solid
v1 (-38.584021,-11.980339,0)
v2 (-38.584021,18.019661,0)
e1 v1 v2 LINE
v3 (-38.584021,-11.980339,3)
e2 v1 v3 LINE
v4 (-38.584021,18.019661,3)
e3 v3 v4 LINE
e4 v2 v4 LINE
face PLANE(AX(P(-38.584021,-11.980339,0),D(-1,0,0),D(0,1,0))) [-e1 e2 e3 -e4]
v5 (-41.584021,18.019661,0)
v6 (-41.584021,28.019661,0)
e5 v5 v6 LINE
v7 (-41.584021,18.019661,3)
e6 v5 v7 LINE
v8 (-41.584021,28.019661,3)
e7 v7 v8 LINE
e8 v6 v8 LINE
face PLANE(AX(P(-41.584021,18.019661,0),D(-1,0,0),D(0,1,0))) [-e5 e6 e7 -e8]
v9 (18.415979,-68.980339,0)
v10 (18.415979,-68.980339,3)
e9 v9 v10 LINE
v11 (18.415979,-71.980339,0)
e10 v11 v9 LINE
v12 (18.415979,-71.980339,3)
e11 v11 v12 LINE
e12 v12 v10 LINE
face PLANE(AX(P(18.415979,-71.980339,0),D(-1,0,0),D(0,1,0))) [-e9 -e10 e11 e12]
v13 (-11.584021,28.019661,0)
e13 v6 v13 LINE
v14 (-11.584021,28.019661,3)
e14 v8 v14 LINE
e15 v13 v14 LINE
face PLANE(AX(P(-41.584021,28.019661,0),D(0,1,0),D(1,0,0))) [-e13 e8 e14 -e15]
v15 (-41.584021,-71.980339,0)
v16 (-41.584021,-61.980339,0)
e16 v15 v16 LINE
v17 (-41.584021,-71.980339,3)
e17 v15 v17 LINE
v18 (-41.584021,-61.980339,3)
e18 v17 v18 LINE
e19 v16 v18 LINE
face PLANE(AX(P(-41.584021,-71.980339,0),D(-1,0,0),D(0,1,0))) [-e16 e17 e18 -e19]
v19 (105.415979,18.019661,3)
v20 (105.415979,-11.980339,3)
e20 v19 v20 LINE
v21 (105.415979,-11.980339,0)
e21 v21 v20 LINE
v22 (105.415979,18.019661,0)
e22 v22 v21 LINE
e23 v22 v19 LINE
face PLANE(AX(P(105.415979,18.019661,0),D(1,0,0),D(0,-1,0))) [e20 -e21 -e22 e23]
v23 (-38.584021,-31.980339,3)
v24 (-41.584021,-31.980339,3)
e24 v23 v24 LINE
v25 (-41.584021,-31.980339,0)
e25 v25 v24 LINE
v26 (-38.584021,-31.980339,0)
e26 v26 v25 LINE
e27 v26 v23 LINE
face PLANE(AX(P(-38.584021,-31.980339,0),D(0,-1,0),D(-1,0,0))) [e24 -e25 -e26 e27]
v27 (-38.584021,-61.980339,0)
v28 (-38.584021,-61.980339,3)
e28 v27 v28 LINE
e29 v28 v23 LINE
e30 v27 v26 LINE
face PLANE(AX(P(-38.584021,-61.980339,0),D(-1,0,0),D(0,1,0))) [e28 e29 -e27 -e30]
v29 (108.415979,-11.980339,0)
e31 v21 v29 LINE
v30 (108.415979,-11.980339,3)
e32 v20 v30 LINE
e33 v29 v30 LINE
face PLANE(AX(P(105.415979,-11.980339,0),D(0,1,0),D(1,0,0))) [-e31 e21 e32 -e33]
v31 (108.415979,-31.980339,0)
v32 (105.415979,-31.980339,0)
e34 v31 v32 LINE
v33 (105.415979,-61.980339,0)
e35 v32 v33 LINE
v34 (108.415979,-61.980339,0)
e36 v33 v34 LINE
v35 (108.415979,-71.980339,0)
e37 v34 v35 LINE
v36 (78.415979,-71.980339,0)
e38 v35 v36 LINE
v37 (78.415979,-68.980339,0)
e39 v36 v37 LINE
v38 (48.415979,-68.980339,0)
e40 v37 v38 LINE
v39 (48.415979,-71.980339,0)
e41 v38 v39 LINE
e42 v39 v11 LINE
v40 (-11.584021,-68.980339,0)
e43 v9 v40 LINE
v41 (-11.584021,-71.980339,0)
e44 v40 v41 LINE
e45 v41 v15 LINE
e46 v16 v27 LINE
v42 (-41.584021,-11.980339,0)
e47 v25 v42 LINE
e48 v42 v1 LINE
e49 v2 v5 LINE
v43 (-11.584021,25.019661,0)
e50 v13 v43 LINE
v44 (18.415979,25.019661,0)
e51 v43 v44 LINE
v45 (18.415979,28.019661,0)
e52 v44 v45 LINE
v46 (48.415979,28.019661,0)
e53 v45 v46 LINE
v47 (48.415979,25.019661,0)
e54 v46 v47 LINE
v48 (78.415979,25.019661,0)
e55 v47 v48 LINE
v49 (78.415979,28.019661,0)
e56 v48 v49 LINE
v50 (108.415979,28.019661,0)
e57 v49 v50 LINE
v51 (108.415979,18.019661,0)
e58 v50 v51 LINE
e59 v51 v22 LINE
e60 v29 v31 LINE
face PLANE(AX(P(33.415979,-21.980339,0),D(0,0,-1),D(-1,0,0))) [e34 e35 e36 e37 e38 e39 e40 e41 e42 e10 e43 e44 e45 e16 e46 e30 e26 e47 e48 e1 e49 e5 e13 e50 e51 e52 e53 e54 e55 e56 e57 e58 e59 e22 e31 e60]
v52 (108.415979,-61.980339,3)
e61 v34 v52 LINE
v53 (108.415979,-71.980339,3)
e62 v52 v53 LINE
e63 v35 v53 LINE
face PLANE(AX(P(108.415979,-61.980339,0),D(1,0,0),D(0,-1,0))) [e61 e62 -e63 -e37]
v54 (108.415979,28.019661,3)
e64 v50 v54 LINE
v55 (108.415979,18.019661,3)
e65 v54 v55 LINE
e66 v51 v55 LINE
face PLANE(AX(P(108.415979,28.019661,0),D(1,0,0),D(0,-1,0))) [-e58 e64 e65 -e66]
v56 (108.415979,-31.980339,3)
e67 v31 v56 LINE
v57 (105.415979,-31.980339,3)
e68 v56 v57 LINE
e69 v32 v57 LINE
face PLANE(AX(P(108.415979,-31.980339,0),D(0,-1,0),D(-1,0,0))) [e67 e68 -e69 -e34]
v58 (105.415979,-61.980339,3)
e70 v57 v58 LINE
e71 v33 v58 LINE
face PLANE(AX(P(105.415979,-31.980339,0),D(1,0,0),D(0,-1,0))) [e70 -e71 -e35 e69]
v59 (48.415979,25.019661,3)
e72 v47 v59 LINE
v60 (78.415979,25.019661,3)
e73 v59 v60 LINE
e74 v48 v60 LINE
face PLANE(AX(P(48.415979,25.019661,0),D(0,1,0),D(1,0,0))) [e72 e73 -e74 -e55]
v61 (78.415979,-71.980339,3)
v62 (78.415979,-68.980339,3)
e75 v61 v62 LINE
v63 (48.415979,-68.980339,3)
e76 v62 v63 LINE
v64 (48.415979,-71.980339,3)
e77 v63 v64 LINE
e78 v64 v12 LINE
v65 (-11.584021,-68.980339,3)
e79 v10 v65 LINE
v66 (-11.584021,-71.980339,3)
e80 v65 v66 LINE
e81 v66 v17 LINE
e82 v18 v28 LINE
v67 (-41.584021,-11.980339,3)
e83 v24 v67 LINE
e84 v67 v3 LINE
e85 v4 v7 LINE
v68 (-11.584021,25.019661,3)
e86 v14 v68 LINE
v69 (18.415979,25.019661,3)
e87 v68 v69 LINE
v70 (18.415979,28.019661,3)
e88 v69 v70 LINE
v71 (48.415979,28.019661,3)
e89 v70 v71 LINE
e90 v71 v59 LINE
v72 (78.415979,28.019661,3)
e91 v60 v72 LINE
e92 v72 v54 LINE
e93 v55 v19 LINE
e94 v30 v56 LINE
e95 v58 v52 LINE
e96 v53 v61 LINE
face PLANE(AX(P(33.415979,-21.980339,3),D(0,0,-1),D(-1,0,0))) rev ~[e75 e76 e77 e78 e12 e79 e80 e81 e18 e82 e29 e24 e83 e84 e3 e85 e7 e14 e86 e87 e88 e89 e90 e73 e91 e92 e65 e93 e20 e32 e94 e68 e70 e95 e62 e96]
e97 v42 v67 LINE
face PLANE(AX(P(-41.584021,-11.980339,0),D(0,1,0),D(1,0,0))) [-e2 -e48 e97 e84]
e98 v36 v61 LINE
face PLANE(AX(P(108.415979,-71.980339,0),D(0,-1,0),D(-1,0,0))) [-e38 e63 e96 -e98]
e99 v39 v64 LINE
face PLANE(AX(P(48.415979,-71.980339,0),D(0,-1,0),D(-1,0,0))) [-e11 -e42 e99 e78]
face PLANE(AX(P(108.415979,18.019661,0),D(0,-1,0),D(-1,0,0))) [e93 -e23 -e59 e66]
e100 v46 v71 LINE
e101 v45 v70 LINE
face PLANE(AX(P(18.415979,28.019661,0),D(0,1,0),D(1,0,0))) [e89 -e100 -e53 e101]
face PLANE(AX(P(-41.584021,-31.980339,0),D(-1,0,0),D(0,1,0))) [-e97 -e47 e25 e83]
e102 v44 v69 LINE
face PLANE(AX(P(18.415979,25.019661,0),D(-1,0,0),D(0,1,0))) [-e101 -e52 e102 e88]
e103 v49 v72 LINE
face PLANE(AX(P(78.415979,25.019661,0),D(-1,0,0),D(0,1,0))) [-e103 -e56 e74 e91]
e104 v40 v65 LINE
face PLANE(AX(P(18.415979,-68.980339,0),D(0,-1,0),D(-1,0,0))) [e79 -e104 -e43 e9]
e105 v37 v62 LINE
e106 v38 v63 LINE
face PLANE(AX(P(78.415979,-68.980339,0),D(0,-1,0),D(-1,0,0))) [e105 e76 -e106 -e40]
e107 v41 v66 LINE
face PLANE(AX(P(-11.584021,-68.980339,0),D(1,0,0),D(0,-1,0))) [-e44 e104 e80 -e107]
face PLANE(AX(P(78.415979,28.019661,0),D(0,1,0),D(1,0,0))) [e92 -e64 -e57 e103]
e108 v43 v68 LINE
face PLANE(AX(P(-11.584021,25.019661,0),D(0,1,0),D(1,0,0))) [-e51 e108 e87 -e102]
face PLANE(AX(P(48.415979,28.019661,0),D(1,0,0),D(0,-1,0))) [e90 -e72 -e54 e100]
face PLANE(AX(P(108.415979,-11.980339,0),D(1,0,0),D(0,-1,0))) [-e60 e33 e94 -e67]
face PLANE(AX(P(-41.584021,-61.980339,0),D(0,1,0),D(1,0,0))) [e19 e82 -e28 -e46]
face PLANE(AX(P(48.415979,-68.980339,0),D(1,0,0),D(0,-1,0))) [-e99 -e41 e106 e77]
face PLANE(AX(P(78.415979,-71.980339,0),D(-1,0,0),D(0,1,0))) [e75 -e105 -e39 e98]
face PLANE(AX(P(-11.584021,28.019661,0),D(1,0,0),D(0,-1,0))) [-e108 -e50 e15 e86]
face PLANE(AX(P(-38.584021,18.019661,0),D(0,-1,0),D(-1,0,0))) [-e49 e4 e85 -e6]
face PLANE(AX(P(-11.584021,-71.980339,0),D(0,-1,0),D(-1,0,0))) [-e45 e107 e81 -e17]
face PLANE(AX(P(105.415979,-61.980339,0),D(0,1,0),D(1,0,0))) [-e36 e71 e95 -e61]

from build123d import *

# Parameters (mm, degrees)
BOSS_EXTRU_1_DEPTH = 3


with BuildPart() as part:
    # Esquisse1 → Boss.-Extru.1 (new body)
    with BuildSketch(Plane.XY):
        Polygon((18.415978925, 28.019661458), (48.415978925, 28.019661458), (48.415978925, 25.019661458), (78.415978925, 25.019661458), (78.415978925, 28.019661458), (108.415978925, 28.019661458), (108.415978925, 18.019661458), (105.415978925, 18.019661458), (105.415978925, -11.980338542), (108.415978925, -11.980338542), (108.415978925, -31.980338542), (105.415978925, -31.980338542), (105.415978925, -61.980338542), (108.415978925, -61.980338542), (108.415978925, -71.980338542), (78.415978925, -71.980338542), (78.415978925, -68.980338542), (48.415978925, -68.980338542), (48.415978925, -71.980338542), (18.415978925, -71.980338542), (18.415978925, -68.980338542), (-11.584021075, -68.980338542), (-11.584021075, -71.980338542), (-41.584021075, -71.980338542), (-41.584021075, -61.980338542), (-38.584021075, -61.980338542), (-38.584021075, -31.980338542), (-41.584021075, -31.980338542), (-41.584021075, -11.980338542), (-38.584021075, -11.980338542), (-38.584021075, 18.019661458), (-41.584021075, 18.019661458), (-41.584021075, 28.019661458), (-11.584021075, 28.019661458), (-11.584021075, 25.019661458), (18.415978925, 25.019661458), align=None)
    extrude(amount=BOSS_EXTRU_1_DEPTH)


solid = part.part
